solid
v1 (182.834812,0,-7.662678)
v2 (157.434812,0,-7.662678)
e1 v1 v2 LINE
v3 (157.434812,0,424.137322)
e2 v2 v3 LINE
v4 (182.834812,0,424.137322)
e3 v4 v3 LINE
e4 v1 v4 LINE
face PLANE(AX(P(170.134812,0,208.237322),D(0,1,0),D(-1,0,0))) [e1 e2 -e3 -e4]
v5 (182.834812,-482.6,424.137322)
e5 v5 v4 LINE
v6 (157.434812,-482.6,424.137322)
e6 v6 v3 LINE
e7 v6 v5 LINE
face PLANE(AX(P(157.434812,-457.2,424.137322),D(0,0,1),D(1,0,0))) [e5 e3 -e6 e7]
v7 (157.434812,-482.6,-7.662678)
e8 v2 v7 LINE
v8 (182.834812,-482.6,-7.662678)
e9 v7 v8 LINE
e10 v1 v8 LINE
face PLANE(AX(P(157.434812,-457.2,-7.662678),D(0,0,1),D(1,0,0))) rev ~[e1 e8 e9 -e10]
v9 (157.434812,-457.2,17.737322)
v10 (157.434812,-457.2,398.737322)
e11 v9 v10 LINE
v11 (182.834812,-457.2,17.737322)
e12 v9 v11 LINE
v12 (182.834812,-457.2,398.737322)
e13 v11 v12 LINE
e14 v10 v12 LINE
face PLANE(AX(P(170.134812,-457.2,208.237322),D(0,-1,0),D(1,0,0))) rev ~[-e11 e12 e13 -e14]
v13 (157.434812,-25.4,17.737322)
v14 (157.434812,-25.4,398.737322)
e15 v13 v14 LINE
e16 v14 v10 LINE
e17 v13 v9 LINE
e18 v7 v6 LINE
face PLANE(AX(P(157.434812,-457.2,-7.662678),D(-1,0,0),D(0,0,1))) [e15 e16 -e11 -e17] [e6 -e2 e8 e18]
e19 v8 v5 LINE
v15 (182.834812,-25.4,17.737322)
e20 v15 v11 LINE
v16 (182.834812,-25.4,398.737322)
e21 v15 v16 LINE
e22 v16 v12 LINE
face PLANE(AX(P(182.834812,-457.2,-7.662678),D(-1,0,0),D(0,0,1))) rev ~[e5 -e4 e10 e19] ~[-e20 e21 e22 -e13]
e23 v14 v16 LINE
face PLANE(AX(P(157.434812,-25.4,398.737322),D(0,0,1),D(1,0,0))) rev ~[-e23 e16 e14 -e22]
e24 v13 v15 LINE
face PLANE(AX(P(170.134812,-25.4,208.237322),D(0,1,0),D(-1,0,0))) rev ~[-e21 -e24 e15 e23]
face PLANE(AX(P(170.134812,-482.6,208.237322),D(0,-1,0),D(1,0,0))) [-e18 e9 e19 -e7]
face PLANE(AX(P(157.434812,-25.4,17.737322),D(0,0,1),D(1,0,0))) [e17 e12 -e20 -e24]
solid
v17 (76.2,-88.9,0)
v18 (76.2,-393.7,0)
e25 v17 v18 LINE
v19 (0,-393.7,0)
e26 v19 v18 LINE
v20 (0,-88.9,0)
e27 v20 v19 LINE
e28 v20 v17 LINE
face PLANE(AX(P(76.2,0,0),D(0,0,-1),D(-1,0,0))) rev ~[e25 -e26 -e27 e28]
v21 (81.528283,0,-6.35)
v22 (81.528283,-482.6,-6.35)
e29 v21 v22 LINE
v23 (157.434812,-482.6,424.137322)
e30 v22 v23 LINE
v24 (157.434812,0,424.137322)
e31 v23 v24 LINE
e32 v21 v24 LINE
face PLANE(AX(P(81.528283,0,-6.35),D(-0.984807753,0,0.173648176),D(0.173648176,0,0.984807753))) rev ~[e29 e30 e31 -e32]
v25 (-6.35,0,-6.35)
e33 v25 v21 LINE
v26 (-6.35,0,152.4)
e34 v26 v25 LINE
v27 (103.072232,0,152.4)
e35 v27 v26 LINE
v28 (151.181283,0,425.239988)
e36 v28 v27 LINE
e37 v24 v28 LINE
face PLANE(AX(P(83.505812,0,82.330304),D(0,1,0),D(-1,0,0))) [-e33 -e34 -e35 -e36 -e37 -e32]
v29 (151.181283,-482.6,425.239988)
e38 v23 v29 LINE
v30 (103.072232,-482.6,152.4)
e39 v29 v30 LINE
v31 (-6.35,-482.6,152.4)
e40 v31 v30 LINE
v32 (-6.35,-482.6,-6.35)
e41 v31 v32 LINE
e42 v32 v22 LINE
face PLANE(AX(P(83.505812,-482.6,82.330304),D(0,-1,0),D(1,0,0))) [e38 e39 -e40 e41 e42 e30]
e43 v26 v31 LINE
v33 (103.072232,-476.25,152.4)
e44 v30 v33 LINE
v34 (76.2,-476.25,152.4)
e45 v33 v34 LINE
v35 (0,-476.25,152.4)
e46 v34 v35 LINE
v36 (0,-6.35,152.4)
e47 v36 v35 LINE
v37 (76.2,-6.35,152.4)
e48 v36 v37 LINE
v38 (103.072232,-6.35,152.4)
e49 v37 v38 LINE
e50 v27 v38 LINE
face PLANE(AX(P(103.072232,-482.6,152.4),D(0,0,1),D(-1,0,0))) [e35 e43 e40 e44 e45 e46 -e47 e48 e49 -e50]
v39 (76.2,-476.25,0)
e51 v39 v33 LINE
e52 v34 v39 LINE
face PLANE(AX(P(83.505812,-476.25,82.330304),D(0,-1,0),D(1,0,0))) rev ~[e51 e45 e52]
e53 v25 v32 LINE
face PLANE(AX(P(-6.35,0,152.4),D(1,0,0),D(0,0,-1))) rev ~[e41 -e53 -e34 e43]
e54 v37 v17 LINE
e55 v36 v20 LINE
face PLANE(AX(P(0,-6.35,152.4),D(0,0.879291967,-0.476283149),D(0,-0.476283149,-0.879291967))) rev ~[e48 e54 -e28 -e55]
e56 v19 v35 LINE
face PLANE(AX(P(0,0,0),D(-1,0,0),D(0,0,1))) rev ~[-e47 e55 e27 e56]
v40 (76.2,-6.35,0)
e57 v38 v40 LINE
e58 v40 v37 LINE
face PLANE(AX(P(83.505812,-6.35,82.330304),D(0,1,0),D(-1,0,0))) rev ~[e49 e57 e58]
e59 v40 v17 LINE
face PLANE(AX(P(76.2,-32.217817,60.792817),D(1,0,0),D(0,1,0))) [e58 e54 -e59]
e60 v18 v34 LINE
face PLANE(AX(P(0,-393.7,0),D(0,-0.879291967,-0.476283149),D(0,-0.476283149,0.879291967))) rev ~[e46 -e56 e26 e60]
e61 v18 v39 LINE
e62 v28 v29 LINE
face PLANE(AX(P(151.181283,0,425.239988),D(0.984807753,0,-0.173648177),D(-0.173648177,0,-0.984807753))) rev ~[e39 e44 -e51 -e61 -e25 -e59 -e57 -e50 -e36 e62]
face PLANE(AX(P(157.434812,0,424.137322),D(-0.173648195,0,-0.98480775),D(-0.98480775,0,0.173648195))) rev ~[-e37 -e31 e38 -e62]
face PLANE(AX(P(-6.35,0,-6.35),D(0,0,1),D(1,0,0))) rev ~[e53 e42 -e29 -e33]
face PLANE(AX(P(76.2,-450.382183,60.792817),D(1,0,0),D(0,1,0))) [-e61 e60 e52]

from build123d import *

# Parameters (mm, degrees)
F1_DEPTH  = 482.6
F2_W      = 6.35
F2_H      = 152.4
F3_DEPTH  = 76.2
F4_W      = 6.35
F4_H      = 152.4
F5_DEPTH  = 76.2
F7_DEPTH  = 6.35
F9_DEPTH  = 6.35
F11_DEPTH = 76.2
F13_DEPTH = 76.2
F14_W     = 25.4
F14_H     = 431.8
F15_DEPTH = 25.4
F16_W     = 25.4
F16_H     = 25.4
F17_DEPTH = 431.8
F18_W     = 25.4
F18_H     = 431.8
F19_DEPTH = 25.4


with BuildPart() as f1:
    # F0 (on Front) → F1 (new body)
    with BuildSketch(Plane.XZ):
        Polygon((0, -6.35), (0, 0), (0, 152.4), (-6.35, 152.4), (-6.35, 0), (-6.35, -6.35), align=None)
        Polygon((76.2, 0), (0, 0), (0, -6.35), (81.528283, -6.35), (157.434812, 424.137322), (151.181283, 425.239988), align=None)
    extrude(amount=F1_DEPTH)

    # F2 (on face) → F3 (join)
    with BuildSketch(Plane.YZ):
        with Locations((-3.175, 76.2)):
            Rectangle(F2_W, F2_H)
    extrude(amount=F3_DEPTH)

    # F4 (on face) → F5 (join)
    with BuildSketch(Plane.YZ):
        with Locations((-479.425, 76.2)):
            Rectangle(F4_W, F4_H)
    extrude(amount=F5_DEPTH)

    # F6 (on face) → F7 (join)
    with BuildSketch(Plane(origin=(0, 0, 0), x_dir=(-1, 0, 0), z_dir=(0, 1, 0))):
        Polygon((-76.2, 0), (-76.2, 152.4), (-103.072232, 152.4), align=None)
    extrude(amount=-F7_DEPTH)

    # F8 (on face) → F9 (join)
    with BuildSketch(Plane.XZ.offset(482.6)):
        Polygon((103.072232, 152.4), (76.2, 152.4), (76.2, 0), align=None)
    extrude(amount=-F9_DEPTH)

    # F10 (on face) → F11 (join)
    with BuildSketch(Plane.YZ):
        Polygon((-6.35, 152.4), (-88.9, 0), (-6.35, 0), align=None)
    extrude(amount=F11_DEPTH)

    # F12 (on face) → F13 (join)
    with BuildSketch(Plane.YZ):
        Polygon((-476.25, 152.4), (-476.25, 0), (-393.7, 0), align=None)
    extrude(amount=F13_DEPTH)



with BuildPart() as f15:
    # F14 (on face) → F15 (new body)
    with BuildSketch(Plane(origin=(0, 0, 0), x_dir=(-1, 0, 0), z_dir=(0, 1, 0))):
        with Locations((-170.134812, 208.237322)):
            Rectangle(F14_W, F14_H)
    extrude(amount=-F15_DEPTH)


with BuildPart() as f1_1:
    add(f1.part)

    add(f15.part)  # F17 merges F15
    # F16 (on face) → F17 (join)
    with BuildSketch(Plane.XZ.offset(25.4)):
        with Locations((170.134812, 5.037322)):
            Rectangle(F16_W, F16_H)
        with Locations((170.134812, 411.437322)):
            Rectangle(F16_W, F16_H)
    extrude(amount=F17_DEPTH)

    # F18 (on face) → F19 (join)
    with BuildSketch(Plane.XZ.offset(457.2)):
        with Locations((170.134812, 208.237322)):
            Rectangle(F18_W, F18_H)
    extrude(amount=F19_DEPTH)


solid = f1_1.part
